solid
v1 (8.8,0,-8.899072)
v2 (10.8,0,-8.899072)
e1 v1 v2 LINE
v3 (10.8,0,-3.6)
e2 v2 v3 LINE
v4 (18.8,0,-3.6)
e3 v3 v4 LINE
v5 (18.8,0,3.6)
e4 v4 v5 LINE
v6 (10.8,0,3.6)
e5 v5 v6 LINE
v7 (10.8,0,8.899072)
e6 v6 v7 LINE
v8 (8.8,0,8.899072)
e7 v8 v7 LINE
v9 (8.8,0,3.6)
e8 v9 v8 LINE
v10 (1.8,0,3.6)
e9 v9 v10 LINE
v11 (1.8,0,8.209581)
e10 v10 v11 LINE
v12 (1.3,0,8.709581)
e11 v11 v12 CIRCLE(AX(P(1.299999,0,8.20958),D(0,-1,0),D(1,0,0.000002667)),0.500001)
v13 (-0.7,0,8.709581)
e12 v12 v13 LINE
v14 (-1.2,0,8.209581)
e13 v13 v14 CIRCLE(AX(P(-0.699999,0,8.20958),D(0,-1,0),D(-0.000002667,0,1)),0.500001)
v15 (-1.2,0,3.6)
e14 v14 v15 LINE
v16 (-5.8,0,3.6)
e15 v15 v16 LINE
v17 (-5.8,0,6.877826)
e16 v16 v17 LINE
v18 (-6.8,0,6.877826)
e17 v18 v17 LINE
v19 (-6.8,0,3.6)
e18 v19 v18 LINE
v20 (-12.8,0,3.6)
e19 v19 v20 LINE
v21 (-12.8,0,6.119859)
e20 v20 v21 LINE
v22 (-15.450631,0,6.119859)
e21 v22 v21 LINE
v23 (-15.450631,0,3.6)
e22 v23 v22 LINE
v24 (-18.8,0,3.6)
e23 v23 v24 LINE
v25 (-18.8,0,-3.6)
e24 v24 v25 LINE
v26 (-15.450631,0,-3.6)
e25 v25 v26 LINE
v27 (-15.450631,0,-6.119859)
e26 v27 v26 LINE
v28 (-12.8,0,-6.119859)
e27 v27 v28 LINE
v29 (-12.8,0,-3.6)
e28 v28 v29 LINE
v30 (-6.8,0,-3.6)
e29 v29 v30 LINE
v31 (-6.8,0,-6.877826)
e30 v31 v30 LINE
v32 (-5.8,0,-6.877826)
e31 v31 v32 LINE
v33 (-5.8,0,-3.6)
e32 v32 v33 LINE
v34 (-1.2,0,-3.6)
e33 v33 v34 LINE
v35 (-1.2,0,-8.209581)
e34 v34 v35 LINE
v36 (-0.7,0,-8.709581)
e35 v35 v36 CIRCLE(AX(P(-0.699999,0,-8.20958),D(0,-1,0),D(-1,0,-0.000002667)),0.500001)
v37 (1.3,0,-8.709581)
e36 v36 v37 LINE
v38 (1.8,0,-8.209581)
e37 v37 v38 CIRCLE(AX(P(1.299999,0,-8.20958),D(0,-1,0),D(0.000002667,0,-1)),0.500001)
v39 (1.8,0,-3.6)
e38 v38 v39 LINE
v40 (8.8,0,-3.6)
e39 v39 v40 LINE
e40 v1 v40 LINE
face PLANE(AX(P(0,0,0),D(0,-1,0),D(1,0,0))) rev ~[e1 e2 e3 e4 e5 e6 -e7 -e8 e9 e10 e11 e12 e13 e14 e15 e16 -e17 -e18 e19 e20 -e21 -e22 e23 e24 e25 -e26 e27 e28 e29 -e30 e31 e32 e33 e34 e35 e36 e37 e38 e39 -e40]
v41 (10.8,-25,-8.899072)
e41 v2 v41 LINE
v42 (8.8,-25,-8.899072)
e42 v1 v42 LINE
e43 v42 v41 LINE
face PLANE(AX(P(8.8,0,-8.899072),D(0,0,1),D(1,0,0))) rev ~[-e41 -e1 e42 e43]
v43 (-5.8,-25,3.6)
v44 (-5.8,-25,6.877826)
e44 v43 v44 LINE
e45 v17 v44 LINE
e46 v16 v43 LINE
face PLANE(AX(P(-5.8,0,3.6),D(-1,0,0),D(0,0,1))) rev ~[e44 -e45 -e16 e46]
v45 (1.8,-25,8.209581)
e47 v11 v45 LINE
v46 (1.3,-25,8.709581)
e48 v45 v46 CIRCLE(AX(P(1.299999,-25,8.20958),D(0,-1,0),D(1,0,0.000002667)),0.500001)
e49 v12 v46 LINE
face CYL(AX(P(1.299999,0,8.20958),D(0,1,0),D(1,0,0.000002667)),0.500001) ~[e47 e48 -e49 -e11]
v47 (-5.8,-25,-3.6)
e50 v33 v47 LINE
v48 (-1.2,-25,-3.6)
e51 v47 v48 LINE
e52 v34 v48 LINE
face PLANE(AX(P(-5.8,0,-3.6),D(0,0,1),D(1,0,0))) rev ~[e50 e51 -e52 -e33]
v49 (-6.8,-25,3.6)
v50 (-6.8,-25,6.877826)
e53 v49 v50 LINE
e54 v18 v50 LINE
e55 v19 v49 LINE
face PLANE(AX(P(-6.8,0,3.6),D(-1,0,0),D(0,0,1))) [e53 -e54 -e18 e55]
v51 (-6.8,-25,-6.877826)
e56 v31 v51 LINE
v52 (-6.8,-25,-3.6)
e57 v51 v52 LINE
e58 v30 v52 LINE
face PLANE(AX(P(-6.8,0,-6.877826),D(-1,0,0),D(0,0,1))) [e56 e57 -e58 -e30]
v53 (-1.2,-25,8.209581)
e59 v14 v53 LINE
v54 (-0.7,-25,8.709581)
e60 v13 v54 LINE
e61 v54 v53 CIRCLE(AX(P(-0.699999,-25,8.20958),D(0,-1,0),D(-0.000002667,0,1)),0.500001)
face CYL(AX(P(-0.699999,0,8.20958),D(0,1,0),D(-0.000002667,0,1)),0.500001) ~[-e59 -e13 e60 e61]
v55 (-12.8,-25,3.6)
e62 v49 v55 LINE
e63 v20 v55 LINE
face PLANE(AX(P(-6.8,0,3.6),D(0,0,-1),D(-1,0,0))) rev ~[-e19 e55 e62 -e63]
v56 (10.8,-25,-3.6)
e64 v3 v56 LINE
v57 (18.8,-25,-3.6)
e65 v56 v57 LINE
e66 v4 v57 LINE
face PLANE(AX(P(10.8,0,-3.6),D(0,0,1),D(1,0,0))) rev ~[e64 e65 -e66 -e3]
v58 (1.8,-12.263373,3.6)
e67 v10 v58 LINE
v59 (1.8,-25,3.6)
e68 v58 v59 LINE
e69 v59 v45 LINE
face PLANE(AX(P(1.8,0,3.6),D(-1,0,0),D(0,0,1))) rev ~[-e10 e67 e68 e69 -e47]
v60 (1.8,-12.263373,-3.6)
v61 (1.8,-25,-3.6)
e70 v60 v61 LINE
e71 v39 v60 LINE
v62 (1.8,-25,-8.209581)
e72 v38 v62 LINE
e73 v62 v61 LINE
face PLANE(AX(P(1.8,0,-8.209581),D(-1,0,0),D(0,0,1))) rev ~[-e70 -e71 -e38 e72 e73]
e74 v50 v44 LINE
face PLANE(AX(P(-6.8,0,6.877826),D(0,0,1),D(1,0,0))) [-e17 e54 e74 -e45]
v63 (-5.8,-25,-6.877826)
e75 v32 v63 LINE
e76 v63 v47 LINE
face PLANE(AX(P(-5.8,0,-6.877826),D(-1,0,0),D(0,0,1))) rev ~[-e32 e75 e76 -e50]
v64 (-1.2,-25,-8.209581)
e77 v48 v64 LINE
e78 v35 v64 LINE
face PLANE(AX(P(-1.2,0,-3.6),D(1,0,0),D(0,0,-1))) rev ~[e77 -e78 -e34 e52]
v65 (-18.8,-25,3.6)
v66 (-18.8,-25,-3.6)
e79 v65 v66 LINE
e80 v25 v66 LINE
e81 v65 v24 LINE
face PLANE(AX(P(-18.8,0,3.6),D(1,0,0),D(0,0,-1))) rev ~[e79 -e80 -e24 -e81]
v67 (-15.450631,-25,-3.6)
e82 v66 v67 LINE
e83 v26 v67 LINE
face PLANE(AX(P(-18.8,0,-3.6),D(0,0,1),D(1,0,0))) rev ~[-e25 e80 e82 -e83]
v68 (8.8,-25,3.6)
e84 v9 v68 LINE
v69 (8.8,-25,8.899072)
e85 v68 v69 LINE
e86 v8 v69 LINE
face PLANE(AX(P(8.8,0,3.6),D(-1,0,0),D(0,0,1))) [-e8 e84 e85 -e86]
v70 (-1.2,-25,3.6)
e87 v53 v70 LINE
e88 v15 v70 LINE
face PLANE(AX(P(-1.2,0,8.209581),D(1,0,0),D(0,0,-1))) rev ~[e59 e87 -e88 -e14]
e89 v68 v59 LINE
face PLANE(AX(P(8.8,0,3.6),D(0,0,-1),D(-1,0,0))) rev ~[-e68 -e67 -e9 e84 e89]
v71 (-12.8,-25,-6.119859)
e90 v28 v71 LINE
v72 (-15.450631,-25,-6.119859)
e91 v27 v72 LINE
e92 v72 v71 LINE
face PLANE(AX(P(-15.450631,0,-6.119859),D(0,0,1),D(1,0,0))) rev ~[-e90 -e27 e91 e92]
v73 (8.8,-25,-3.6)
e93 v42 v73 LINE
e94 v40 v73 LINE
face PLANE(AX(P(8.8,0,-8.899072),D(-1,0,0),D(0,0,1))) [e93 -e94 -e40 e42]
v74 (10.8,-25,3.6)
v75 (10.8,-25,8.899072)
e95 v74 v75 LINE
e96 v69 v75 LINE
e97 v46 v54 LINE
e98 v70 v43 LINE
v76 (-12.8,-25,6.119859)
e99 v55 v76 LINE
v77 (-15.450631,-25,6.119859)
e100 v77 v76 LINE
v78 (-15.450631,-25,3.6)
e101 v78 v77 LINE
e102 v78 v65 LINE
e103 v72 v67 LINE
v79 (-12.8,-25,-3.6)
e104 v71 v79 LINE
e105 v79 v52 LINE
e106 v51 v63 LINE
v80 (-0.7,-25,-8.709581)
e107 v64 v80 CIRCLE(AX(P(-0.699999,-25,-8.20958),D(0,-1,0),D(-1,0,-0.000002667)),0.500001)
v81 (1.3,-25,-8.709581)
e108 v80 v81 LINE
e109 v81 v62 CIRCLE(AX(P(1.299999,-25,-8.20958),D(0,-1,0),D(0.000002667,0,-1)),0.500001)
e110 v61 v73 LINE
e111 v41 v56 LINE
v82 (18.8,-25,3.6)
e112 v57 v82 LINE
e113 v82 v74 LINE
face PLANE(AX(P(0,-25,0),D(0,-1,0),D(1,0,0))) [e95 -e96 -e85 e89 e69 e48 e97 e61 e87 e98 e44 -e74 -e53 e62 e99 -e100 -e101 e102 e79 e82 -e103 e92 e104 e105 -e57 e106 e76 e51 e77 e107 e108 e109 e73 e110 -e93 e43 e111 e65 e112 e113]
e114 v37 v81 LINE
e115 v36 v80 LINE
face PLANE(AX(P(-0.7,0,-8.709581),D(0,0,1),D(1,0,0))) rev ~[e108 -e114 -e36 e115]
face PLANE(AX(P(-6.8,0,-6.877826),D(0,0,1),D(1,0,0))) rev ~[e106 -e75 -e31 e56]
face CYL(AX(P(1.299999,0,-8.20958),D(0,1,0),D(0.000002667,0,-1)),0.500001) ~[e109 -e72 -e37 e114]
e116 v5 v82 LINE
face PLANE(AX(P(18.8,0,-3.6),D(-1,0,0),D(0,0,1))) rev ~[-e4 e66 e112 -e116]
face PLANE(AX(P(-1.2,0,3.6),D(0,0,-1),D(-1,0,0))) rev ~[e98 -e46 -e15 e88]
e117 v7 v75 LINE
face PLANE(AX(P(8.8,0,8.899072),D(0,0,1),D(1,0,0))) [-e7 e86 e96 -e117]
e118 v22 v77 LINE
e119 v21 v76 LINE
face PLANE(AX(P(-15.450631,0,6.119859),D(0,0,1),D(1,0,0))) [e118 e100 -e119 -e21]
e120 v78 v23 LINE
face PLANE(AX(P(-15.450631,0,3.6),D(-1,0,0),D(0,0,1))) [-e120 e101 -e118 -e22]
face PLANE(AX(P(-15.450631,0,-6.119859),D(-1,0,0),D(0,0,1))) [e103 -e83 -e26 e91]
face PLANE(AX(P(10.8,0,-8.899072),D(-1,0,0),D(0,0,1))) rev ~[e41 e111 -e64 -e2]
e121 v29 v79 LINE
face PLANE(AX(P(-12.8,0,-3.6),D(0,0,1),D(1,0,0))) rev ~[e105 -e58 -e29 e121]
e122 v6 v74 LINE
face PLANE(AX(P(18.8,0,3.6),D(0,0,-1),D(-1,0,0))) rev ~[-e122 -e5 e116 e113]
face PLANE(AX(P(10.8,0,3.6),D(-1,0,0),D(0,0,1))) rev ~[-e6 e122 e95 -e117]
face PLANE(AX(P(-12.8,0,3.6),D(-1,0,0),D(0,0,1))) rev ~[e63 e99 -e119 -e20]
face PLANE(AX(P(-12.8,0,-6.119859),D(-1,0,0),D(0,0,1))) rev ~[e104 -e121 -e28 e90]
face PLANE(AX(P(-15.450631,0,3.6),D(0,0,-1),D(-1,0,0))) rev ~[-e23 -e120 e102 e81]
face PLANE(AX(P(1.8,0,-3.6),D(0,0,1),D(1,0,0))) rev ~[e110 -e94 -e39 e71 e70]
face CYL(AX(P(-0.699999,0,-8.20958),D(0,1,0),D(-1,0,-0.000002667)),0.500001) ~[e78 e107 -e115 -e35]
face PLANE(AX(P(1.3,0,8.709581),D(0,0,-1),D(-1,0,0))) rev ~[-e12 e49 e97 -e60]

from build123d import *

# Parameters (mm, degrees)
F0_W     = 2
F0_H     = 5.299072
F0_W_2   = 1
F0_H_2   = 3.277826
F0_W_3   = 2.650631
F0_H_3   = 2.519859
F1_DEPTH = 25
F2_R     = 3.6
F2_R_2   = 2.25
F3_DEPTH = 25


with BuildPart() as f1:
    # F0 (on Front) → F1 (new body)
    with BuildSketch(Plane.XZ):
        Polygon((10.8, -3.6), (18.8, -3.6), (18.8, 3.6), (10.8, 3.6), (8.8, 3.6), (1.8, 3.6), (-1.2, 3.6), (-5.8, 3.6), (-6.8, 3.6), (-12.8, 3.6), (-15.450631, 3.6), (-18.8, 3.6), (-18.8, -3.6), (-15.450631, -3.6), (-12.8, -3.6), (-6.8, -3.6), (-5.8, -3.6), (-1.2, -3.6), (1.8, -3.6), (8.8, -3.6), align=None)
        with Locations((9.8, -6.249536)):
            Rectangle(F0_W, F0_H)
        with Locations((9.8, 6.249536)):
            Rectangle(F0_W, F0_H)
        with BuildLine():
            Line((1.8, -8.209581), (1.8, -3.6))
            Line((1.8, -3.6), (-1.2, -3.6))
            Line((-1.2, -3.6), (-1.2, -8.209581))
            ThreePointArc((-1.2, -8.209581), (-1.053553, -8.563134), (-0.7, -8.709581))
            Line((-0.7, -8.709581), (1.3, -8.709581))
            ThreePointArc((1.3, -8.709581), (1.653553, -8.563134), (1.8, -8.209581))
        make_face()
        with BuildLine():
            Line((-1.2, 3.6), (1.8, 3.6))
            Line((1.8, 3.6), (1.8, 8.209581))
            ThreePointArc((1.8, 8.209581), (1.653553, 8.563134), (1.3, 8.709581))
            Line((1.3, 8.709581), (-0.7, 8.709581))
            ThreePointArc((-0.7, 8.709581), (-1.053553, 8.563134), (-1.2, 8.209581))
            Line((-1.2, 8.209581), (-1.2, 3.6))
        make_face()
        with Locations((-6.3, -5.238913)):
            Rectangle(F0_W_2, F0_H_2)
        with Locations((-6.3, 5.238913)):
            Rectangle(F0_W_2, F0_H_2)
        with Locations((-14.125315, -4.859929)):
            Rectangle(F0_W_3, F0_H_3)
        with Locations((-14.125315, 4.859929)):
            Rectangle(F0_W_3, F0_H_3)
    extrude(amount=F1_DEPTH)

    # F2 (on face) → F3 (join)
    with BuildSketch(Plane(origin=(-18.8, 0, 0), x_dir=(0, -1, 0), z_dir=(-1, 0, 0))):
        with Locations((12.263373, 0)):
            Circle(F2_R)
        with Locations((12.263373, 0)):
            Circle(F2_R_2, mode=Mode.SUBTRACT)
    extrude(amount=-F3_DEPTH)


solid = f1.part
